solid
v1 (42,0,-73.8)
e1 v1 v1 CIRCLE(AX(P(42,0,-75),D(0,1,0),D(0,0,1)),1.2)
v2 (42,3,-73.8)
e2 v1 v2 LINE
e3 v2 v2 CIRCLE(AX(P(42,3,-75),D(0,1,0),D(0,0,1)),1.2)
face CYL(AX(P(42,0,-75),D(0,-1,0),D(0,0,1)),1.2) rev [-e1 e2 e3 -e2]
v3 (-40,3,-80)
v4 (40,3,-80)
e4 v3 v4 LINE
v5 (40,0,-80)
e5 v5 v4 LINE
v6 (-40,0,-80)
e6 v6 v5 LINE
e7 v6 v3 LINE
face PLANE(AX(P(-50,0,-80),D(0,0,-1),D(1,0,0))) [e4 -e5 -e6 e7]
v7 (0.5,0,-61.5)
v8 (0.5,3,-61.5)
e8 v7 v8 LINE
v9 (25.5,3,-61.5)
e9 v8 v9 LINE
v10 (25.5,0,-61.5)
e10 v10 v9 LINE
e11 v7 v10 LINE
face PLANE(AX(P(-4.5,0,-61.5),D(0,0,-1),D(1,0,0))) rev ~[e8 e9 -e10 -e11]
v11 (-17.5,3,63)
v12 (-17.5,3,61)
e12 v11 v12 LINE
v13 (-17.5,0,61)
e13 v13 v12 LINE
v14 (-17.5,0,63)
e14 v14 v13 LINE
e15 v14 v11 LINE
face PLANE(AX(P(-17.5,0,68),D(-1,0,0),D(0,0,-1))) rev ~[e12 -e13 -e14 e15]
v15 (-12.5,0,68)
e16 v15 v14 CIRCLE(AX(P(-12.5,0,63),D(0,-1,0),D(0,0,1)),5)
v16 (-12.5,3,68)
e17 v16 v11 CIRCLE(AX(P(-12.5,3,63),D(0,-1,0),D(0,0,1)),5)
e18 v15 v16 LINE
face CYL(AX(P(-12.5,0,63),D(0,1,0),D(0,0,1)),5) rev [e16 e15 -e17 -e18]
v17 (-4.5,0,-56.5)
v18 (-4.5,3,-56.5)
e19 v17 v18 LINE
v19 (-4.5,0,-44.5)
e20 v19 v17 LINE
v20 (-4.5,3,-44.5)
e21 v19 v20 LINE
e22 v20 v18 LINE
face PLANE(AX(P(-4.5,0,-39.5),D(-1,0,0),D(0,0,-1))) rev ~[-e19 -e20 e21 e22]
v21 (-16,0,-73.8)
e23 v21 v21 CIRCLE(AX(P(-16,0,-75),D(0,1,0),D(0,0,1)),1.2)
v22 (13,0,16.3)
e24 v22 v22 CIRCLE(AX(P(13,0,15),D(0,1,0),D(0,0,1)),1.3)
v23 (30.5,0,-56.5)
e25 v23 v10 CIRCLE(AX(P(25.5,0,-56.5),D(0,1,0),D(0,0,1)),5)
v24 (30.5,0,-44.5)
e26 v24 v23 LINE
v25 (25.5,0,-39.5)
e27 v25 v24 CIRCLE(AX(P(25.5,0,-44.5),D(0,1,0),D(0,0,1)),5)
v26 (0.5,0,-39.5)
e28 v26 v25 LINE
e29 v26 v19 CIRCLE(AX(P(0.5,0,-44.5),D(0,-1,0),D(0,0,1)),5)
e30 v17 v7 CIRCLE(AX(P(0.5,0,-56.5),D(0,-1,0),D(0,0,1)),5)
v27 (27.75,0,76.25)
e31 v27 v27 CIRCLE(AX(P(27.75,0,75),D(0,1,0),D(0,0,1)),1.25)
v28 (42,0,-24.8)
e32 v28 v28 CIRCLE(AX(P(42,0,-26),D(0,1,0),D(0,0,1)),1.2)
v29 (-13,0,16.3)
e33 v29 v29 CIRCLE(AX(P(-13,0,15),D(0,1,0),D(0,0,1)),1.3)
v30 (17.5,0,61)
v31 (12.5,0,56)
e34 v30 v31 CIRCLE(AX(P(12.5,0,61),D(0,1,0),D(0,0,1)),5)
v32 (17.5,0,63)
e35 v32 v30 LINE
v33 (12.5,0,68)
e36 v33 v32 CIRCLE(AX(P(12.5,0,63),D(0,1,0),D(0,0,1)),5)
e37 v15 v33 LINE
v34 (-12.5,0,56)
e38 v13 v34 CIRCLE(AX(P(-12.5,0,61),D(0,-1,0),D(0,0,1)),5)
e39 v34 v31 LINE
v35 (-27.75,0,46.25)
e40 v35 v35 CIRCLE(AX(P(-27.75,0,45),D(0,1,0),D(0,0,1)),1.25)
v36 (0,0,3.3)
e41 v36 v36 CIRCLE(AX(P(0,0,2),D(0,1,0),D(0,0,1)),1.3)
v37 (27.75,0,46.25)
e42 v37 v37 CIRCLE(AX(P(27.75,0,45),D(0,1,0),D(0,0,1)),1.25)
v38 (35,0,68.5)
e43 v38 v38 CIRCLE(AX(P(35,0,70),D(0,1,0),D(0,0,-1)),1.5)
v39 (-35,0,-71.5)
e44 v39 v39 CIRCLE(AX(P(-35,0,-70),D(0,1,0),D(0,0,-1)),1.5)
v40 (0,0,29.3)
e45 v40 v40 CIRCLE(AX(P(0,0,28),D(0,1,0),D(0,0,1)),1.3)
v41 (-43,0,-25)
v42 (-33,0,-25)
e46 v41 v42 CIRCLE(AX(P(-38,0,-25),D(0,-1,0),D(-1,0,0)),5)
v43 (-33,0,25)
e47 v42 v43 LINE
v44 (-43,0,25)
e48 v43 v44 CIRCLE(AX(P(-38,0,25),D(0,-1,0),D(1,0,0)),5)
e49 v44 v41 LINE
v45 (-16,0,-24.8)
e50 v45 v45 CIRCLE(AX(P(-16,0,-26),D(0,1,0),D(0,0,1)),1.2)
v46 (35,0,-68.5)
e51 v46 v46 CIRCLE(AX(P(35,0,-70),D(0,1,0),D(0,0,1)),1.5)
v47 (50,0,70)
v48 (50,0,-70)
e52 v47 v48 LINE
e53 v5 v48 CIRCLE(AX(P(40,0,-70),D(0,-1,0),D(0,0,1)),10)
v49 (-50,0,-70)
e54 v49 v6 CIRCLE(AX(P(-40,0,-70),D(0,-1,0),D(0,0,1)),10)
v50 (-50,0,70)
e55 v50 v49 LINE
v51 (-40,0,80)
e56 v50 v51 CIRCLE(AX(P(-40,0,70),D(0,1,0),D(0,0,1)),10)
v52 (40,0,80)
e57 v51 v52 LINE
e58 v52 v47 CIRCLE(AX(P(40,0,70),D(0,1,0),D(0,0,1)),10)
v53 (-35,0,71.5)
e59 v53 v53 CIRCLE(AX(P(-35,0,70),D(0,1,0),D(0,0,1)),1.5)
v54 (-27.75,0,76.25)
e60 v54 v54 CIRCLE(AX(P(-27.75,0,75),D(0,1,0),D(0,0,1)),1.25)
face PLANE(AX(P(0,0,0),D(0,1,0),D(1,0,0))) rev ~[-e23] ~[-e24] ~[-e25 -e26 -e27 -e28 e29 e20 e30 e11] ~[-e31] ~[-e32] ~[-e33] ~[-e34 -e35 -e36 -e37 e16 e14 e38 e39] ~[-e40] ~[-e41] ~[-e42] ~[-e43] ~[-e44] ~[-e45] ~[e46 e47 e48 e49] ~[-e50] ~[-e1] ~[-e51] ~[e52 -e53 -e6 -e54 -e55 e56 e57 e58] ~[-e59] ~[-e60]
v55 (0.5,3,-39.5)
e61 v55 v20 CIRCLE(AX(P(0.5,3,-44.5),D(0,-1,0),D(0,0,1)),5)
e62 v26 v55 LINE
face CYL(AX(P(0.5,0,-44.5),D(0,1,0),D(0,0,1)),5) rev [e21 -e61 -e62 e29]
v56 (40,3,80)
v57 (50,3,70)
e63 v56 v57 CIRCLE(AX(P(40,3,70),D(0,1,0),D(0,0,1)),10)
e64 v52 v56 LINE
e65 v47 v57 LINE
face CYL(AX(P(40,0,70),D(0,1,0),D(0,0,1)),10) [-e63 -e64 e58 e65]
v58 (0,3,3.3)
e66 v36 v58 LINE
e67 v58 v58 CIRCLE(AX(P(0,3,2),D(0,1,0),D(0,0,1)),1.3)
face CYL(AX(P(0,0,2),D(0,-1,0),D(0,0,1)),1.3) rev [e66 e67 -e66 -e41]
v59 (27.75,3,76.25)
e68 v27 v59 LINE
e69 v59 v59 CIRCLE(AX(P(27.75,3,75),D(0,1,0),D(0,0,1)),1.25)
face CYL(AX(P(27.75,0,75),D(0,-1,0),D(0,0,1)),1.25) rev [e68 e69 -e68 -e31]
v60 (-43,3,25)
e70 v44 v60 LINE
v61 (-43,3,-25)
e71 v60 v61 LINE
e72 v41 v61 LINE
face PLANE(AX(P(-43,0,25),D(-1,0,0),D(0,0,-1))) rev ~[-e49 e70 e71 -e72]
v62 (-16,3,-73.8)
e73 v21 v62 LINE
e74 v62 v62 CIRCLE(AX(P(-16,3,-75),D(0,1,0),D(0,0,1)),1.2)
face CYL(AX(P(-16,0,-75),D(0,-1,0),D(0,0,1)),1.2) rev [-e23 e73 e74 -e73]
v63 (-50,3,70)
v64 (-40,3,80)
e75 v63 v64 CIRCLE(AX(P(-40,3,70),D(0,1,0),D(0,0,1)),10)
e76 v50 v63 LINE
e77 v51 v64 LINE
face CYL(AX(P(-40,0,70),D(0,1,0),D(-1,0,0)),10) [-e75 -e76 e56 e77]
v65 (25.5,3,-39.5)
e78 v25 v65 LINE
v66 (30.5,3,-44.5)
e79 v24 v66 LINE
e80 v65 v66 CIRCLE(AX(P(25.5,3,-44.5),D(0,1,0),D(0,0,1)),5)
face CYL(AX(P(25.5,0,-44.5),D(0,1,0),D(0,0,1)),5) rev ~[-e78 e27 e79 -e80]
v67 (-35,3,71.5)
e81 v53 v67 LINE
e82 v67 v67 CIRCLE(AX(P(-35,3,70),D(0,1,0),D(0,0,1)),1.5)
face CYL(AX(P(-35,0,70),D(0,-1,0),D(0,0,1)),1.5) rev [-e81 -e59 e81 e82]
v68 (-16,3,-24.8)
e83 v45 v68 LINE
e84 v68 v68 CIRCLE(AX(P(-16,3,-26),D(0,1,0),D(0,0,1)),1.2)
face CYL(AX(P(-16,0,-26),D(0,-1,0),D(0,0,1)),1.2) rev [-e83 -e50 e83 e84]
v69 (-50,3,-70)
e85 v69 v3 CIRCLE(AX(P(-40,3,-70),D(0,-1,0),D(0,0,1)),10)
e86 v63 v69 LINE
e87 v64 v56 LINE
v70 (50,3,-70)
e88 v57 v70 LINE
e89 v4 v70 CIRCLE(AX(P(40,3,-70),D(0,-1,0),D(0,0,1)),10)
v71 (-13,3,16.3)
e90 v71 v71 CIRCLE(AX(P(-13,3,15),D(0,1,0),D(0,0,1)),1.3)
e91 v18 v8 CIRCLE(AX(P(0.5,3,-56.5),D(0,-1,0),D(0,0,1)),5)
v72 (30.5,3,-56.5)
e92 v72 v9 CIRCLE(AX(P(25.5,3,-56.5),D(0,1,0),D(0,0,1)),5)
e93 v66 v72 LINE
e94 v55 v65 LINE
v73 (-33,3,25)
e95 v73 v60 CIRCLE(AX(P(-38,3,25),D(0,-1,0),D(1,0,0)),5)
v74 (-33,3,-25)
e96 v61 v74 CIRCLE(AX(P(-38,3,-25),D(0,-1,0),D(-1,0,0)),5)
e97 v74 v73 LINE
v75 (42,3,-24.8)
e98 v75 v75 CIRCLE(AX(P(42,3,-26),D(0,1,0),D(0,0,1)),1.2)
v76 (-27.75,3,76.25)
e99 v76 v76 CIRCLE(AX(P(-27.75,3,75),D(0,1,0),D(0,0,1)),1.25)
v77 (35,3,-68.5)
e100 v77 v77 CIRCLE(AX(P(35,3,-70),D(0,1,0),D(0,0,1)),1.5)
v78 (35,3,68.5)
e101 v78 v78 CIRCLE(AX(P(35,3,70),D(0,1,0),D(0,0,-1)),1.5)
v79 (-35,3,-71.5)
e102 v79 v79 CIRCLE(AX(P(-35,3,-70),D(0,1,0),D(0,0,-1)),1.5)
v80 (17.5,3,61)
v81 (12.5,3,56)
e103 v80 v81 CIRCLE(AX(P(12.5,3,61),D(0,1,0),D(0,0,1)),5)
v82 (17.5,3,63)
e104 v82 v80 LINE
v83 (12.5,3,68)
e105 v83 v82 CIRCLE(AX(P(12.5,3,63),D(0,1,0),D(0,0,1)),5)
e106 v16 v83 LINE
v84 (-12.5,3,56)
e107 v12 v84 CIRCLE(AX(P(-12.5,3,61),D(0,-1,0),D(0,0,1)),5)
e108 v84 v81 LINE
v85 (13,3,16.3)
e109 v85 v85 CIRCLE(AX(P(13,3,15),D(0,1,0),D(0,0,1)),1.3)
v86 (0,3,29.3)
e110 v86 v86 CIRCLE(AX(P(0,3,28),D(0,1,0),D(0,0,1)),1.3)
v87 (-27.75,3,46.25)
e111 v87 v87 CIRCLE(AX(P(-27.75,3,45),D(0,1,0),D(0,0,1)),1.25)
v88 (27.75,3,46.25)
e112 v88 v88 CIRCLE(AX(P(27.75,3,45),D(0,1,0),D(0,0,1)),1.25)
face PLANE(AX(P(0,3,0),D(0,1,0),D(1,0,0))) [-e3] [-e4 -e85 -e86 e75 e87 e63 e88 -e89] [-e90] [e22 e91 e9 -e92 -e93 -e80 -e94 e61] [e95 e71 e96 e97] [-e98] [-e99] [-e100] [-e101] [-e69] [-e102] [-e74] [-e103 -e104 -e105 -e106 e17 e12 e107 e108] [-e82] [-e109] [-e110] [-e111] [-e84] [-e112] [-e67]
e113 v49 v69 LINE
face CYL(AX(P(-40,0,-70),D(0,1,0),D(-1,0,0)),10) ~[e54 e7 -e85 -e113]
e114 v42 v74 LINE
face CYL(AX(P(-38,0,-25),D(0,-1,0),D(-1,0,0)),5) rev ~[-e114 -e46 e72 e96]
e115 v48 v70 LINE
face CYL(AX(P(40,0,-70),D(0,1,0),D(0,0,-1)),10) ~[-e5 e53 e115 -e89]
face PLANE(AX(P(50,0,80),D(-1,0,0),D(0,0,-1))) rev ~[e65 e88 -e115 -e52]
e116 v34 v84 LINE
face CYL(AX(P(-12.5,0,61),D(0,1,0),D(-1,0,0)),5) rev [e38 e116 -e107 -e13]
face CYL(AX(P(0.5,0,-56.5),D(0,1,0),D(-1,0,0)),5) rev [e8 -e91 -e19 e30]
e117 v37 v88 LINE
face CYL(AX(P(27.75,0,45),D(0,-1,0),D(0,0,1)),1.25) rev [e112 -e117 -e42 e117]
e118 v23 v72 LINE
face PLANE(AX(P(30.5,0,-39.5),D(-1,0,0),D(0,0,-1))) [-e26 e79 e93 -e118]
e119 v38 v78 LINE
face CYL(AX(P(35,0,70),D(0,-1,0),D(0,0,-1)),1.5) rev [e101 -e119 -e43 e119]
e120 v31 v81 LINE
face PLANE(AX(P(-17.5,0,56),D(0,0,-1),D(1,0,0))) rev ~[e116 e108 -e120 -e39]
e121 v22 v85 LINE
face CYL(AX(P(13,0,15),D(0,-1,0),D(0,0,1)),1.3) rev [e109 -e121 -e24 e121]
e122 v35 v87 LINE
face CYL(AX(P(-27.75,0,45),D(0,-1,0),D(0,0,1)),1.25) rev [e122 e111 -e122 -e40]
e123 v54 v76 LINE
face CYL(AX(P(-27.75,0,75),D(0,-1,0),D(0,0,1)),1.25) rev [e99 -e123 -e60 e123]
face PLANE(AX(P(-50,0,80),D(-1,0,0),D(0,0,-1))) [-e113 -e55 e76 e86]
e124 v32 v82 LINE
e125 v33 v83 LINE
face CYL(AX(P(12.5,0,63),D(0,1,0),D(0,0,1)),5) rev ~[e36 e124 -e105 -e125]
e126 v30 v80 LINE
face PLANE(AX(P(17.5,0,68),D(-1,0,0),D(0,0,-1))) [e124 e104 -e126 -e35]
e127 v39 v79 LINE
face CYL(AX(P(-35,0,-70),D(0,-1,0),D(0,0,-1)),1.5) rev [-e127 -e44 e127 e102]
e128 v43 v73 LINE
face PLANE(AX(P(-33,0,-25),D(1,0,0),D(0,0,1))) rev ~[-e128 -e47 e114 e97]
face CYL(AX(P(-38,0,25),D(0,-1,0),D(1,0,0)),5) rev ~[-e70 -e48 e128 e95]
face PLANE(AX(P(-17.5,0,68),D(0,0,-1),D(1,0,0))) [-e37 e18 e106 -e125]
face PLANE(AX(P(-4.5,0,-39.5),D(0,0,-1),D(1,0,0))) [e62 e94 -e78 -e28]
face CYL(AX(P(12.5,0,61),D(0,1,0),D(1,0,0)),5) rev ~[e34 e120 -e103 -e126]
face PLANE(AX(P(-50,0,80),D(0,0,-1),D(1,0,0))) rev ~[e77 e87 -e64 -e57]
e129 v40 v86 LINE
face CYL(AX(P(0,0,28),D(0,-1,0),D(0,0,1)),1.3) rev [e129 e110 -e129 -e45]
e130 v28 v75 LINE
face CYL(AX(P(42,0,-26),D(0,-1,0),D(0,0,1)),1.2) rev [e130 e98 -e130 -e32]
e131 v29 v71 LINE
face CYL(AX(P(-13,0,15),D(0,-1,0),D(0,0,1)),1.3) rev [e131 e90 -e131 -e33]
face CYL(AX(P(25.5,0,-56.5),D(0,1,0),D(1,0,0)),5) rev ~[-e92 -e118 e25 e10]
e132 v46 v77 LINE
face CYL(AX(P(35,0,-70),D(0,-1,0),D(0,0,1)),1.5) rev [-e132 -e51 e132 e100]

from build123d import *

# Parameters (mm, degrees)
SKETCH_1_W      = 100
SKETCH_1_H      = 160
SKETCH_1_R      = 1.5
SKETCH_1_R_2    = 1.3
SKETCH_1_R_3    = 1.2
SKETCH_1_R_4    = 1.25
SKETCH_1_W_2    = 35
SKETCH_1_H_2    = 12
SKETCH_1_H_3    = 22
EXTRUDE_1_DEPTH = 3
FILLET_1_R      = 10
FILLET_2_R      = 5


with BuildPart() as part:
    # 草图1 → 凸台-拉伸1 (new body)
    with BuildSketch(Plane(origin=(0, 0, 0), x_dir=(1, 0, 0), z_dir=(0, 1, 0))):
        Rectangle(SKETCH_1_W, SKETCH_1_H)
        with Locations(Location((35, 70, 0), (0, 0, 270))):
            Circle(SKETCH_1_R, mode=Mode.SUBTRACT)
        with Locations(Location((-35, 70, 0), (0, 0, 90))):
            Circle(SKETCH_1_R, mode=Mode.SUBTRACT)
        with Locations(Location((-35, -70, 0), (0, 0, 270))):
            Circle(SKETCH_1_R, mode=Mode.SUBTRACT)
        with Locations(Location((35, -70, 0), (0, 0, 90))):
            Circle(SKETCH_1_R, mode=Mode.SUBTRACT)
        with Locations(Location((0, -2, 0), (0, 0, 270))):
            Circle(SKETCH_1_R_2, mode=Mode.SUBTRACT)
        with Locations(Location((13, -15, 0), (0, 0, 270))):
            Circle(SKETCH_1_R_2, mode=Mode.SUBTRACT)
        with Locations(Location((0, -28, 0), (0, 0, 270))):
            Circle(SKETCH_1_R_2, mode=Mode.SUBTRACT)
        with Locations(Location((-13, -15, 0), (0, 0, 270))):
            Circle(SKETCH_1_R_2, mode=Mode.SUBTRACT)
        with Locations(Location((-16, 26, 0), (0, 0, 270))):
            Circle(SKETCH_1_R_3, mode=Mode.SUBTRACT)
        with Locations(Location((42, 26, 0), (0, 0, 270))):
            Circle(SKETCH_1_R_3, mode=Mode.SUBTRACT)
        with Locations(Location((42, 75, 0), (0, 0, 270))):
            Circle(SKETCH_1_R_3, mode=Mode.SUBTRACT)
        with Locations(Location((-16, 75, 0), (0, 0, 270))):
            Circle(SKETCH_1_R_3, mode=Mode.SUBTRACT)
        with Locations(Location((-27.75, -75, 0), (0, 0, 270))):
            Circle(SKETCH_1_R_4, mode=Mode.SUBTRACT)
        with Locations(Location((27.75, -75, 0), (0, 0, 270))):
            Circle(SKETCH_1_R_4, mode=Mode.SUBTRACT)
        with Locations(Location((27.75, -45, 0), (0, 0, 270))):
            Circle(SKETCH_1_R_4, mode=Mode.SUBTRACT)
        with Locations(Location((-27.75, -45, 0), (0, 0, 270))):
            Circle(SKETCH_1_R_4, mode=Mode.SUBTRACT)
        with Locations((0, -62)):
            Rectangle(SKETCH_1_W_2, SKETCH_1_H_2, mode=Mode.SUBTRACT)
        with Locations((13, 50.5)):
            Rectangle(SKETCH_1_W_2, SKETCH_1_H_3, mode=Mode.SUBTRACT)
        with BuildLine():
            Line((-43, -25), (-43, 25))
            ThreePointArc((-43, 25), (-38, 30), (-33, 25))
            Line((-33, 25), (-33, -25))
            ThreePointArc((-33, -25), (-38, -30), (-43, -25))
        make_face(mode=Mode.SUBTRACT)
    extrude(amount=EXTRUDE_1_DEPTH)

    # 圆角1
    fillet_1_edges = [part.edges().sort_by_distance(p)[0] for p in [
        (50, 1.5, 80),
        (-50, 1.5, 80),
        (-50, 1.5, -80),
        (50, 1.5, -80),
    ]]
    fillet(fillet_1_edges, radius=FILLET_1_R)

    # 圆角2
    fillet_2_edges = [part.edges().sort_by_distance(p)[0] for p in [
        (17.5, 1.5, 68),
        (17.5, 1.5, 56),
        (-17.5, 1.5, 56),
        (-17.5, 1.5, 68),
        (30.5, 1.5, -39.5),
        (30.5, 1.5, -61.5),
        (-4.5, 1.5, -61.5),
        (-4.5, 1.5, -39.5),
    ]]
    fillet(fillet_2_edges, radius=FILLET_2_R)


solid = part.part
